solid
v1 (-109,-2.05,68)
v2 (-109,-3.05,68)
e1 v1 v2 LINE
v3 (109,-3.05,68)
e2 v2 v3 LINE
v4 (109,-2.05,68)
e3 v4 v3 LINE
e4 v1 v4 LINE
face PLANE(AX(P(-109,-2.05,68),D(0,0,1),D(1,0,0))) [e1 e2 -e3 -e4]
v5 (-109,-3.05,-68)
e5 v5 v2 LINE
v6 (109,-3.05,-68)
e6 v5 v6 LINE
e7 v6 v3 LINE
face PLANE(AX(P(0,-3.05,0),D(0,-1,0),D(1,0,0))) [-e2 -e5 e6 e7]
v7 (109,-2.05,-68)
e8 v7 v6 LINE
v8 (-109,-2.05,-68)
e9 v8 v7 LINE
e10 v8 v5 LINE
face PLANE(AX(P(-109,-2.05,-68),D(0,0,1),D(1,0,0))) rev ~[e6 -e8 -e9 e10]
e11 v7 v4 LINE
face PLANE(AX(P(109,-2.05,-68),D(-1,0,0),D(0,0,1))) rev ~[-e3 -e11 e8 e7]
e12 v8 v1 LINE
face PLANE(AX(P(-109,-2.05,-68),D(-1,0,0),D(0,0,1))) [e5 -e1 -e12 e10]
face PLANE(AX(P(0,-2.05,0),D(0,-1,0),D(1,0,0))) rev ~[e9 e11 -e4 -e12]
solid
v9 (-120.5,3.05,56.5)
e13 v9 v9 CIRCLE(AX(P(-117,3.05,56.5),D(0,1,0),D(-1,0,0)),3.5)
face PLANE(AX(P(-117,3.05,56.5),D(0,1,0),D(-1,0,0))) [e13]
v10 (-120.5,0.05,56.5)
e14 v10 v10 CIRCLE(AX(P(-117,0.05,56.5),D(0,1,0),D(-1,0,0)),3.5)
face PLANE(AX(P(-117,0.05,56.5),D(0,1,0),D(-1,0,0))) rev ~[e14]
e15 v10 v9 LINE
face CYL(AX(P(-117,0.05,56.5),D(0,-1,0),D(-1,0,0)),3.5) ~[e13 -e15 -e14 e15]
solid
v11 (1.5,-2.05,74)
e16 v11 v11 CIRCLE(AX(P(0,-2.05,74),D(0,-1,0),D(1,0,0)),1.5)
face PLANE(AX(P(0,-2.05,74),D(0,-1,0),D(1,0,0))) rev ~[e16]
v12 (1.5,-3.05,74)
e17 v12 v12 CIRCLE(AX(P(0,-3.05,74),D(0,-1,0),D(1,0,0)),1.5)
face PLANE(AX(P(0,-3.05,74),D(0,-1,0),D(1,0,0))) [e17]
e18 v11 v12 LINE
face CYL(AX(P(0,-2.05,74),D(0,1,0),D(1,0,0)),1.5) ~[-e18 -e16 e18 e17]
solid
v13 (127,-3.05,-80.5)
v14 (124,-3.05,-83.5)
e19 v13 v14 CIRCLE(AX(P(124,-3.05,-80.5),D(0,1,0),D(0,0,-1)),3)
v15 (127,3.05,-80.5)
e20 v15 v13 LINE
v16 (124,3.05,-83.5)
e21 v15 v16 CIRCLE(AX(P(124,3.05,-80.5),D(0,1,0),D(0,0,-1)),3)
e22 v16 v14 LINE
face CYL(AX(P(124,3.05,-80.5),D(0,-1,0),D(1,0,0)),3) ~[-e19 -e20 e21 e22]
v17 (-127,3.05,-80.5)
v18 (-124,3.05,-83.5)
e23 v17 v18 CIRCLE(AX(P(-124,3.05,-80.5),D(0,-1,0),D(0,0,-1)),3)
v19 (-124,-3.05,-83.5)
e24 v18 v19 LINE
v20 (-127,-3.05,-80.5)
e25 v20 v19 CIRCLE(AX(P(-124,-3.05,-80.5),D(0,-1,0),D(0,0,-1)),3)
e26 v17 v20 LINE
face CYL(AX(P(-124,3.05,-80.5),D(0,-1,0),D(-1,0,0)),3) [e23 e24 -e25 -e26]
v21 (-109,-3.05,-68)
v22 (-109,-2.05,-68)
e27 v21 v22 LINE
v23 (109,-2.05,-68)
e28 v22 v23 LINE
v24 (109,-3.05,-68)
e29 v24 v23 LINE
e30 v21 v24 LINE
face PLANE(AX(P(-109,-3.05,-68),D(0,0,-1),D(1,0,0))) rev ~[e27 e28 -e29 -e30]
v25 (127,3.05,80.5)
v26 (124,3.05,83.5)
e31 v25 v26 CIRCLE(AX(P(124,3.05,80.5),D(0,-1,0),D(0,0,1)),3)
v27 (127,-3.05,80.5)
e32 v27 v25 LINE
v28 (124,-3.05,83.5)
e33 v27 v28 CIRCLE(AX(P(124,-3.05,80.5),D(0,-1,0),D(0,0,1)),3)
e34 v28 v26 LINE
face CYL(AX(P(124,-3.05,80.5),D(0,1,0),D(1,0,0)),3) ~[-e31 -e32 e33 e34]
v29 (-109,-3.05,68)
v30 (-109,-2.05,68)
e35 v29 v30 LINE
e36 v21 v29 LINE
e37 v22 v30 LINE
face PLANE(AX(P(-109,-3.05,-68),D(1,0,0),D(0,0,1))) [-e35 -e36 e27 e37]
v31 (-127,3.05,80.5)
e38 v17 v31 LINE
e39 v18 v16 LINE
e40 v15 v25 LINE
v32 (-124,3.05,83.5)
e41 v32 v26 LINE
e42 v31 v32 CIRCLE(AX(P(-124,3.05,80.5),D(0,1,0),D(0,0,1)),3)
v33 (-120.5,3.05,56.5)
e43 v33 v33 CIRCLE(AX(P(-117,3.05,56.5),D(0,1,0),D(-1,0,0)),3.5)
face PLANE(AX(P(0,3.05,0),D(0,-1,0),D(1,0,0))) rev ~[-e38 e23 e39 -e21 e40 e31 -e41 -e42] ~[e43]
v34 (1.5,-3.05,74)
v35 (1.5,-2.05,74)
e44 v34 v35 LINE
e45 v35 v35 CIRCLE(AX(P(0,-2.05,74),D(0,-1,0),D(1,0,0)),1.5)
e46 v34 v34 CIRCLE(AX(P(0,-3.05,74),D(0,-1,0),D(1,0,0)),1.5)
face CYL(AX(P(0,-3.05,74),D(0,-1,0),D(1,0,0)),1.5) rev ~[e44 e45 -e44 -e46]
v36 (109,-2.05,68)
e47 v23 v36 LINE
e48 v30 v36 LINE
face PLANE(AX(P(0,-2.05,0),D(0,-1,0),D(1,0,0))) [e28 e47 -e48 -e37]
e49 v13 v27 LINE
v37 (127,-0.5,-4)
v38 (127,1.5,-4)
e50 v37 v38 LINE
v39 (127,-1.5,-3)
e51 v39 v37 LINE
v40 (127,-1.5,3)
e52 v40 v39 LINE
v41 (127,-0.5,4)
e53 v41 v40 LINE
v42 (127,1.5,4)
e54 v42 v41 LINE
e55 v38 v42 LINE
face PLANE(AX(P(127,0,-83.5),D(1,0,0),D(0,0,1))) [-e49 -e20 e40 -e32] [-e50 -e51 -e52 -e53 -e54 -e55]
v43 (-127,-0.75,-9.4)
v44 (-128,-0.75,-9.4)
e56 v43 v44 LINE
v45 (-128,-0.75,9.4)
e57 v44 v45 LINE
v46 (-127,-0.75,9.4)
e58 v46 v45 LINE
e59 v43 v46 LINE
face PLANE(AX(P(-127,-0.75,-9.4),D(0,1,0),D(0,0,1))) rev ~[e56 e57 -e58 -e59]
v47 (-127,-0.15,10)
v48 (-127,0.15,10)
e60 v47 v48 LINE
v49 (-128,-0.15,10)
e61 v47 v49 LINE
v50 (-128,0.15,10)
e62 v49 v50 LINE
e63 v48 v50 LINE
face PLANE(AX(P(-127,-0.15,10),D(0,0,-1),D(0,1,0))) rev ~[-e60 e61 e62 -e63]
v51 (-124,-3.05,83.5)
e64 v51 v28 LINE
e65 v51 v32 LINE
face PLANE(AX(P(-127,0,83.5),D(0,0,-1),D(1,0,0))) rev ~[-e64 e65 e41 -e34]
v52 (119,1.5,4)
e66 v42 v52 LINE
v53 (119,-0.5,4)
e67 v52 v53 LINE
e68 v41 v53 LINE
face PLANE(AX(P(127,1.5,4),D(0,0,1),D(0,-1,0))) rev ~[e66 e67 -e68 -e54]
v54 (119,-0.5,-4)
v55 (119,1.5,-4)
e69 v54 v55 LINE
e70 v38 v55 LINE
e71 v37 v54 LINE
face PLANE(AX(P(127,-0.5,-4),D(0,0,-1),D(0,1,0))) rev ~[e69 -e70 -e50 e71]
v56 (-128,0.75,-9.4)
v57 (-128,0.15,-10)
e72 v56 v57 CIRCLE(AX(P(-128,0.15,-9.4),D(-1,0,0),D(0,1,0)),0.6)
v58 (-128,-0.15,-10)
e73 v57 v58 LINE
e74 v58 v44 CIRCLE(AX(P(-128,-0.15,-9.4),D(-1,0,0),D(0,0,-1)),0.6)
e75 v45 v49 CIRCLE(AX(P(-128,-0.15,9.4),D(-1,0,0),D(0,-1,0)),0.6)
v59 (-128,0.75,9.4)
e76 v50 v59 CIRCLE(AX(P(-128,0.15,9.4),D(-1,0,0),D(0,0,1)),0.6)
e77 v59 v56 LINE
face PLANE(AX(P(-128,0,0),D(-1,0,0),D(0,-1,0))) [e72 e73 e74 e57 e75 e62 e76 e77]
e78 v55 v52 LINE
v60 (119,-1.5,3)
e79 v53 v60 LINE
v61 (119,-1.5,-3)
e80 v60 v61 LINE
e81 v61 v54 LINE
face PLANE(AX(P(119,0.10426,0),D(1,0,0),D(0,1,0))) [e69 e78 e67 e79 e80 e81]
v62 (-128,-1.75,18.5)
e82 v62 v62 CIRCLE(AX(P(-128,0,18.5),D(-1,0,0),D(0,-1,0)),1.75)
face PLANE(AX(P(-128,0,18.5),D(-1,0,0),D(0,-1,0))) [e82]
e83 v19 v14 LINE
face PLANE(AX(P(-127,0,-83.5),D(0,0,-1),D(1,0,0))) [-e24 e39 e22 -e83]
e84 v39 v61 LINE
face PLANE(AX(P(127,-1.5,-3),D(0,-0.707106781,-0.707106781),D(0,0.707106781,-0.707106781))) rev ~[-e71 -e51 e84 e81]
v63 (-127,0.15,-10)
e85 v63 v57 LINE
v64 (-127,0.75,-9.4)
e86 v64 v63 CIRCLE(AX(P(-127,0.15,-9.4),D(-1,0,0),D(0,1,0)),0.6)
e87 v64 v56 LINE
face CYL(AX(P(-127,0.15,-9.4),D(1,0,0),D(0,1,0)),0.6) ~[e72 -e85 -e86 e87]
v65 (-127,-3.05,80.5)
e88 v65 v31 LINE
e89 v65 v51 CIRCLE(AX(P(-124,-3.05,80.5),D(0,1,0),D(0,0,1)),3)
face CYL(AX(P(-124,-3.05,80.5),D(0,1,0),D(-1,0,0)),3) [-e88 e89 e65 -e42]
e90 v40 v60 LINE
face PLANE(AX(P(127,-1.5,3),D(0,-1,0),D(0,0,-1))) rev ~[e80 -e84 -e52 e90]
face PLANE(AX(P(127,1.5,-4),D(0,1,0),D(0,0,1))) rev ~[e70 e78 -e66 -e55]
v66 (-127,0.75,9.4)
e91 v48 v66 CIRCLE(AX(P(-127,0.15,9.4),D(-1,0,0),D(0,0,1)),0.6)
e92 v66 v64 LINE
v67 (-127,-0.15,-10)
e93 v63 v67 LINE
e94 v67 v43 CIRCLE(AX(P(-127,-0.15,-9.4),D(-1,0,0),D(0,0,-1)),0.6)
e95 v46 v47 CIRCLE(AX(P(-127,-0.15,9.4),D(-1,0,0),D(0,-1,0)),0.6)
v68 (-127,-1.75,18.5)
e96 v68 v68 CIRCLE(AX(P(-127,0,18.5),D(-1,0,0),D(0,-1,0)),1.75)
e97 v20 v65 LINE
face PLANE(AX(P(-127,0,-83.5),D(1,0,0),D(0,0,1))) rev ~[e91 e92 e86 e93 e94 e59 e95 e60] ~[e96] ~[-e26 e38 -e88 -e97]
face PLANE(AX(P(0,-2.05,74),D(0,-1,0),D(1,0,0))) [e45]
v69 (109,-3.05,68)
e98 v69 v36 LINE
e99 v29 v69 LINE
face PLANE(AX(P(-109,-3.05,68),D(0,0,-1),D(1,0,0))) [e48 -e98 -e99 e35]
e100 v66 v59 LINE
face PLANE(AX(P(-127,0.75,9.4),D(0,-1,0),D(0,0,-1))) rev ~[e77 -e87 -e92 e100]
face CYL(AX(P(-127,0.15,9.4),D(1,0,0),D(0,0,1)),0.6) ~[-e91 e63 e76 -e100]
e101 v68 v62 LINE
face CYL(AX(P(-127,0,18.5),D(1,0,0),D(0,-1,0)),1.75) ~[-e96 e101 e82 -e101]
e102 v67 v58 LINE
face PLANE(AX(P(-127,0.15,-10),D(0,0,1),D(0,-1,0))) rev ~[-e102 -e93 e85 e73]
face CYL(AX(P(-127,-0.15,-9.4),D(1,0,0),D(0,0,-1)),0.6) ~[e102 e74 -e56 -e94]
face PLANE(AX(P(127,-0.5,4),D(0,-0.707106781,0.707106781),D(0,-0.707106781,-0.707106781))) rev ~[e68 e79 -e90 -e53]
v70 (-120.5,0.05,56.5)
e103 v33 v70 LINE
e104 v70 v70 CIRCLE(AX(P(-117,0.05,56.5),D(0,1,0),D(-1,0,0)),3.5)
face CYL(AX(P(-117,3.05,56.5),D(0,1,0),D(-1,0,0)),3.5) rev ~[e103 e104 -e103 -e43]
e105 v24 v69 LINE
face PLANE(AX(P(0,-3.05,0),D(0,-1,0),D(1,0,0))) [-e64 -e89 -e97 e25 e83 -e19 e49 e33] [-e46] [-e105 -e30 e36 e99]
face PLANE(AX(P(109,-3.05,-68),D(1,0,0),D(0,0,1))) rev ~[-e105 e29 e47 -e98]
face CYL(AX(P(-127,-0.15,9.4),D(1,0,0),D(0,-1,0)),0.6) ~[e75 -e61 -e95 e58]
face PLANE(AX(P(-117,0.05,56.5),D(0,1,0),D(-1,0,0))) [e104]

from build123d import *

# Parameters (mm, degrees)
F0_W      = 254
F0_H      = 167
F1_DEPTH  = 3.05
F2_R      = 3
F3_W      = 218
F3_H      = 136
F3_R      = 1.5
F4_DEPTH  = 1
F5_W      = 218
F5_H      = 136
F6_DEPTH  = 1
F5_R      = 1.5
F7_R      = 3.5
F8_DEPTH  = 3
F9_R      = 3.5
F10_DEPTH = 3
F11_R     = 1.75
F12_DEPTH = 1
F14_DEPTH = 8


with BuildPart() as f1:
    # F0 (on Front) → F1 (new body, symmetric)
    with BuildSketch(Plane.XZ):
        Rectangle(F0_W, F0_H)
    extrude(amount=F1_DEPTH, both=True)

    # F2
    f2_edges = [f1.edges().sort_by_distance(p)[0] for p in [
        (127, 0, 83.5),
        (127, 0, -83.5),
        (-127, 0, -83.5),
        (-127, 0, 83.5),
    ]]
    fillet(f2_edges, radius=F2_R)

    # F3 (on face) → F4 (cut)
    with BuildSketch(Plane.XZ.offset(3.05)):
        Rectangle(F3_W, F3_H)
        with Locations((0, 74)):
            Circle(F3_R)
    extrude(amount=-F4_DEPTH, mode=Mode.SUBTRACT)

    # F7 (on face) → F8 (cut)
    with BuildSketch(Plane(origin=(0, 3.05, 0), x_dir=(-1, 0, 0), z_dir=(0, 1, 0))):
        with Locations((117, 56.5)):
            Circle(F7_R)
    extrude(amount=-F8_DEPTH, mode=Mode.SUBTRACT)

    # F11 (on face) → F12 (join)
    with BuildSketch(Plane(origin=(-127, 0, 0), x_dir=(0, -1, 0), z_dir=(-1, 0, 0))):
        with Locations((0, 18.5)):
            Circle(F11_R)
        with BuildLine():
            Line((0.15, 10), (-0.15, 10))
            ThreePointArc((-0.15, 10), (-0.5742640687, 9.8242640687), (-0.75, 9.4))
            Line((-0.75, 9.4), (-0.75, -9.4))
            ThreePointArc((-0.75, -9.4), (-0.5742640687, -9.8242640687), (-0.15, -10))
            Line((-0.15, -10), (0.15, -10))
            ThreePointArc((0.15, -10), (0.5742640687, -9.8242640687), (0.75, -9.4))
            Line((0.75, -9.4), (0.75, 9.4))
            ThreePointArc((0.75, 9.4), (0.5742640687, 9.8242640687), (0.15, 10))
        make_face()
    extrude(amount=F12_DEPTH)

    # F13 (on face) → F14 (cut)
    with BuildSketch(Plane.YZ.offset(127)):
        Polygon((1.5, -4), (1.5, 4), (-0.5, 4), (-1.5, 3), (-1.5, -3), (-0.5, -4), align=None)
    extrude(amount=-F14_DEPTH, mode=Mode.SUBTRACT)


with BuildPart() as f6:
    # F5 (on face) → F6 (new body, through all)
    with BuildSketch(Plane.XZ.offset(2.05)):
        Rectangle(F5_W, F5_H)
    extrude(amount=F6_DEPTH)


with BuildPart() as f6b:
    # F5 (on face) → F6, piece 2 (new body, through all)
    with BuildSketch(Plane.XZ.offset(2.05)):
        with Locations((0, 74)):
            Circle(F5_R)
    extrude(amount=F6_DEPTH)


with BuildPart() as f10:
    # F9 (on face) → F10 (new body)
    with BuildSketch(Plane(origin=(0, 0.05, 0), x_dir=(-1, 0, 0), z_dir=(0, 1, 0))):
        with Locations((117, 56.5)):
            Circle(F9_R)
    extrude(amount=F10_DEPTH)


solid = Compound([f1.part, f6.part, f6b.part, f10.part])
